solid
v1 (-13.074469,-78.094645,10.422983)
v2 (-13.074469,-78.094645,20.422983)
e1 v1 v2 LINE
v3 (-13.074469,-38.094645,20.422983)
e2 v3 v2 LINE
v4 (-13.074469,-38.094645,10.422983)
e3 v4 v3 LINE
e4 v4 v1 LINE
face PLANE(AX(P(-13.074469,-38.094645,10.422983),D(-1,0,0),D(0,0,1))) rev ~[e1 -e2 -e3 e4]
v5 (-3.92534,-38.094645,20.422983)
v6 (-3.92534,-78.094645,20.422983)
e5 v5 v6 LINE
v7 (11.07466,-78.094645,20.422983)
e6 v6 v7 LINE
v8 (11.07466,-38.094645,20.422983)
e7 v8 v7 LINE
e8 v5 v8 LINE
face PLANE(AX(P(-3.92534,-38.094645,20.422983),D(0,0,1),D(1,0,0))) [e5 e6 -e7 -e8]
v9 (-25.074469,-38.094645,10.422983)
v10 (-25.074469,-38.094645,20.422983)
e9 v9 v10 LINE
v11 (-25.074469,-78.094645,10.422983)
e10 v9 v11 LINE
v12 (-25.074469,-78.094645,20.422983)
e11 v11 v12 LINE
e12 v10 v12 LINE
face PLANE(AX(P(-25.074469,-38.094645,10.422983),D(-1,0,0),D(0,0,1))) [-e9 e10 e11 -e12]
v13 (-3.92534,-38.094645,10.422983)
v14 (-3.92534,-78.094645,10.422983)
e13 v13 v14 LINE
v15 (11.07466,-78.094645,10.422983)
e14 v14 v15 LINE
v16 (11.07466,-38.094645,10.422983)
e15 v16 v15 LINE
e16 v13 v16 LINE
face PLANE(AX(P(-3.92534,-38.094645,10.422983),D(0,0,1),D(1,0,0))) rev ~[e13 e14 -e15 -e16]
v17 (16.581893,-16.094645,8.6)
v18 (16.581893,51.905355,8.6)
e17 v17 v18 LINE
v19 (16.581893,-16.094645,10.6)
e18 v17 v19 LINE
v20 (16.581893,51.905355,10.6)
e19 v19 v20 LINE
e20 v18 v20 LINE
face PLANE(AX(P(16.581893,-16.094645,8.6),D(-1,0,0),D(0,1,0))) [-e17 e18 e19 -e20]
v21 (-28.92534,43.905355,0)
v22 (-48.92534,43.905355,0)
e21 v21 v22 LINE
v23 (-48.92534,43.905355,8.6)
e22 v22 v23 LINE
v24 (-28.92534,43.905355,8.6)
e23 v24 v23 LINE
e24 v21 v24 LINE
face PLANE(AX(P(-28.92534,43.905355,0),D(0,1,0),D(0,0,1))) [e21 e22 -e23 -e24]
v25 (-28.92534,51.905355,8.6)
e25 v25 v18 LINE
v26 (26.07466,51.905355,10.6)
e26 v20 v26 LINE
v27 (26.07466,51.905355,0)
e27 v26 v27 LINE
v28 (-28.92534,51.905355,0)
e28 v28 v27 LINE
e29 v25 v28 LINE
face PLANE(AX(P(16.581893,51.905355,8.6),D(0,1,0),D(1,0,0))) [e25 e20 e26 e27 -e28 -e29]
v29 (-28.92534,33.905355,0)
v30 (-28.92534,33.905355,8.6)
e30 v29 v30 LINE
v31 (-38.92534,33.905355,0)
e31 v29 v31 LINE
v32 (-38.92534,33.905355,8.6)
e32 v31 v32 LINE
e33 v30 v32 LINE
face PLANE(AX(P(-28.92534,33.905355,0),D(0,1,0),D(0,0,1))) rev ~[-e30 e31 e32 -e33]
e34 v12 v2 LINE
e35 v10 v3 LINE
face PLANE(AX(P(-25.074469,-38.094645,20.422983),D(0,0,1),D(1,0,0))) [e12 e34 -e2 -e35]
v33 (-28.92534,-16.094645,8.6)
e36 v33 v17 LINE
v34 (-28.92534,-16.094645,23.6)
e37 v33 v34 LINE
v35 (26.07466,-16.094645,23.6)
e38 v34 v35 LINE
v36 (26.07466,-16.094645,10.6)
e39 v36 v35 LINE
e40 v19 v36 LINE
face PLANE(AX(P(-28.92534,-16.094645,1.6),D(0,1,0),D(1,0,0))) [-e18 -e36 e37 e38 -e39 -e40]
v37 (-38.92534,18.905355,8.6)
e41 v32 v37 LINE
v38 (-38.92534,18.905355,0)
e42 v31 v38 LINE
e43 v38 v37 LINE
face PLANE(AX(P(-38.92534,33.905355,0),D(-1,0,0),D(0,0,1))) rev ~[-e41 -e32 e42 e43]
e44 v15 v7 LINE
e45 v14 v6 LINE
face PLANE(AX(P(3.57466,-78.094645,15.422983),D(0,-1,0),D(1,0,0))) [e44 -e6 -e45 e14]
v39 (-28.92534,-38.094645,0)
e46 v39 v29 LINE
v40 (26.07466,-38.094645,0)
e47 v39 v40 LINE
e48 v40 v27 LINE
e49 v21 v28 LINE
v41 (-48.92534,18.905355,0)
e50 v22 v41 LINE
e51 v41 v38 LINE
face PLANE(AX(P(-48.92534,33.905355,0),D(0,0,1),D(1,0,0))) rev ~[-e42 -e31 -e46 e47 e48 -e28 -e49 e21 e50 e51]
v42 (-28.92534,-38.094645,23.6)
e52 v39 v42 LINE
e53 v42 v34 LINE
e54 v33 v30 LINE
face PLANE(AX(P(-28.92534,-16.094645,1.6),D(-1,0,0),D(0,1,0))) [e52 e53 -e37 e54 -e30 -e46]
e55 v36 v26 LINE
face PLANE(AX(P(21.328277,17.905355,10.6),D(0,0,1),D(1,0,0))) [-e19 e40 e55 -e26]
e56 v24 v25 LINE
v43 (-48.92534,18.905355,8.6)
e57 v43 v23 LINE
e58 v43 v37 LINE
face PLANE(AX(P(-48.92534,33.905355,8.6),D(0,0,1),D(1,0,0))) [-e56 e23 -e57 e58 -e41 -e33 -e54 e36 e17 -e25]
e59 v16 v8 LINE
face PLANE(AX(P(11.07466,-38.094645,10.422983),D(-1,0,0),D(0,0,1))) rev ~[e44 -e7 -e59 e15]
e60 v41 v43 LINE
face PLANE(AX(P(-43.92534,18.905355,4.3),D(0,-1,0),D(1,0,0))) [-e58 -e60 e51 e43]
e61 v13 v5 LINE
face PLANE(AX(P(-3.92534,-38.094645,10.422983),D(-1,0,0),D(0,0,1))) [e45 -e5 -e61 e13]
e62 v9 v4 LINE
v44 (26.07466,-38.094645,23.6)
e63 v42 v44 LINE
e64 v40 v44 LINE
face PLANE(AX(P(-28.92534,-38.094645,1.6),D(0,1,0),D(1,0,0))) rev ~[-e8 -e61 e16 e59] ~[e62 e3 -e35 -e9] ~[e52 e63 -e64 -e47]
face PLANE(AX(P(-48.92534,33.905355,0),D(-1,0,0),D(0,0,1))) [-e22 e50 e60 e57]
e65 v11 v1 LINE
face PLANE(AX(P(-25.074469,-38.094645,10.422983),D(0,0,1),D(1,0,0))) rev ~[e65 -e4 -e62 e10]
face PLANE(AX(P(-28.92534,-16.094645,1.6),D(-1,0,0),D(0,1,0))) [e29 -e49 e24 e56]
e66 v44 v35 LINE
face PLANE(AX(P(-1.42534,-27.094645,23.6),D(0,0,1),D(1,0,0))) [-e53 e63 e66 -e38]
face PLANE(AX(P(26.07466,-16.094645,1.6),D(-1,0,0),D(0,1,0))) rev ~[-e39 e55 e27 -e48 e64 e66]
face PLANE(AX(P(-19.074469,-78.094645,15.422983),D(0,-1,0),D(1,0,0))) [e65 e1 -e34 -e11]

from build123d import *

# Parameters (mm, degrees)
F0_W      = 55
F0_H      = 90
F1_DEPTH  = 1.6
F2_W      = 55
F2_H      = 22
F3_DEPTH  = 22
F4_W      = 15
F4_H      = 10
F4_W_2    = 12
F5_DEPTH  = 40
F6_DEPTH  = 7
F7_W      = 9.4927671924
F7_H      = 68
F8_DEPTH  = 2
F9_W      = 10
F9_H      = 8.6
F10_DEPTH = 20
F11_W     = 10
F11_H     = 8.6
F12_DEPTH = 15


with BuildPart() as f1:
    # F0 (on Top) → F1 (new body)
    with BuildSketch(Plane.XY):
        with Locations((-1.4253398404, 6.9053554087)):
            Rectangle(F0_W, F0_H)
    extrude(amount=F1_DEPTH)

    # F2 (on face) → F3 (join)
    with BuildSketch(Plane.XY.offset(1.6)):
        with Locations((-1.4253398404, -27.0946445913)):
            Rectangle(F2_W, F2_H)
    extrude(amount=F3_DEPTH)

    # F4 (on face) → F5 (join)
    with BuildSketch(Plane.XZ.offset(38.0946445913)):
        with Locations((3.5746601596, 15.4229834428)):
            Rectangle(F4_W, F4_H)
        with Locations((-19.0744694758, 15.4229834428)):
            Rectangle(F4_W_2, F4_H)
    extrude(amount=F5_DEPTH)

    # F6 (add): a face of the model
    f6_faces = [f1.faces().sort_by_distance(p)[0] for p in [
        (-1.4253398404, 17.9053554087, 1.6),
    ]]
    extrude(f6_faces, amount=F6_DEPTH)

    # F7 (on face) → F8 (join)
    with BuildSketch(Plane.XY.offset(8.6)):
        with Locations((21.3282765634, 17.9053554087)):
            Rectangle(F7_W, F7_H)
    extrude(amount=F8_DEPTH)

    # F9 (on face) → F10 (join)
    with BuildSketch(Plane(origin=(-28.9253398404, 0, 0), x_dir=(0, -1, 0), z_dir=(-1, 0, 0))):
        with Locations((-38.9053554087, 4.3)):
            Rectangle(F9_W, F9_H)
    extrude(amount=F10_DEPTH)

    # F11 (on face) → F12 (join)
    with BuildSketch(Plane.XZ.offset(-33.9053554087)):
        with Locations((-43.9253398404, 4.3)):
            Rectangle(F11_W, F11_H)
    extrude(amount=F12_DEPTH)


solid = f1.part
